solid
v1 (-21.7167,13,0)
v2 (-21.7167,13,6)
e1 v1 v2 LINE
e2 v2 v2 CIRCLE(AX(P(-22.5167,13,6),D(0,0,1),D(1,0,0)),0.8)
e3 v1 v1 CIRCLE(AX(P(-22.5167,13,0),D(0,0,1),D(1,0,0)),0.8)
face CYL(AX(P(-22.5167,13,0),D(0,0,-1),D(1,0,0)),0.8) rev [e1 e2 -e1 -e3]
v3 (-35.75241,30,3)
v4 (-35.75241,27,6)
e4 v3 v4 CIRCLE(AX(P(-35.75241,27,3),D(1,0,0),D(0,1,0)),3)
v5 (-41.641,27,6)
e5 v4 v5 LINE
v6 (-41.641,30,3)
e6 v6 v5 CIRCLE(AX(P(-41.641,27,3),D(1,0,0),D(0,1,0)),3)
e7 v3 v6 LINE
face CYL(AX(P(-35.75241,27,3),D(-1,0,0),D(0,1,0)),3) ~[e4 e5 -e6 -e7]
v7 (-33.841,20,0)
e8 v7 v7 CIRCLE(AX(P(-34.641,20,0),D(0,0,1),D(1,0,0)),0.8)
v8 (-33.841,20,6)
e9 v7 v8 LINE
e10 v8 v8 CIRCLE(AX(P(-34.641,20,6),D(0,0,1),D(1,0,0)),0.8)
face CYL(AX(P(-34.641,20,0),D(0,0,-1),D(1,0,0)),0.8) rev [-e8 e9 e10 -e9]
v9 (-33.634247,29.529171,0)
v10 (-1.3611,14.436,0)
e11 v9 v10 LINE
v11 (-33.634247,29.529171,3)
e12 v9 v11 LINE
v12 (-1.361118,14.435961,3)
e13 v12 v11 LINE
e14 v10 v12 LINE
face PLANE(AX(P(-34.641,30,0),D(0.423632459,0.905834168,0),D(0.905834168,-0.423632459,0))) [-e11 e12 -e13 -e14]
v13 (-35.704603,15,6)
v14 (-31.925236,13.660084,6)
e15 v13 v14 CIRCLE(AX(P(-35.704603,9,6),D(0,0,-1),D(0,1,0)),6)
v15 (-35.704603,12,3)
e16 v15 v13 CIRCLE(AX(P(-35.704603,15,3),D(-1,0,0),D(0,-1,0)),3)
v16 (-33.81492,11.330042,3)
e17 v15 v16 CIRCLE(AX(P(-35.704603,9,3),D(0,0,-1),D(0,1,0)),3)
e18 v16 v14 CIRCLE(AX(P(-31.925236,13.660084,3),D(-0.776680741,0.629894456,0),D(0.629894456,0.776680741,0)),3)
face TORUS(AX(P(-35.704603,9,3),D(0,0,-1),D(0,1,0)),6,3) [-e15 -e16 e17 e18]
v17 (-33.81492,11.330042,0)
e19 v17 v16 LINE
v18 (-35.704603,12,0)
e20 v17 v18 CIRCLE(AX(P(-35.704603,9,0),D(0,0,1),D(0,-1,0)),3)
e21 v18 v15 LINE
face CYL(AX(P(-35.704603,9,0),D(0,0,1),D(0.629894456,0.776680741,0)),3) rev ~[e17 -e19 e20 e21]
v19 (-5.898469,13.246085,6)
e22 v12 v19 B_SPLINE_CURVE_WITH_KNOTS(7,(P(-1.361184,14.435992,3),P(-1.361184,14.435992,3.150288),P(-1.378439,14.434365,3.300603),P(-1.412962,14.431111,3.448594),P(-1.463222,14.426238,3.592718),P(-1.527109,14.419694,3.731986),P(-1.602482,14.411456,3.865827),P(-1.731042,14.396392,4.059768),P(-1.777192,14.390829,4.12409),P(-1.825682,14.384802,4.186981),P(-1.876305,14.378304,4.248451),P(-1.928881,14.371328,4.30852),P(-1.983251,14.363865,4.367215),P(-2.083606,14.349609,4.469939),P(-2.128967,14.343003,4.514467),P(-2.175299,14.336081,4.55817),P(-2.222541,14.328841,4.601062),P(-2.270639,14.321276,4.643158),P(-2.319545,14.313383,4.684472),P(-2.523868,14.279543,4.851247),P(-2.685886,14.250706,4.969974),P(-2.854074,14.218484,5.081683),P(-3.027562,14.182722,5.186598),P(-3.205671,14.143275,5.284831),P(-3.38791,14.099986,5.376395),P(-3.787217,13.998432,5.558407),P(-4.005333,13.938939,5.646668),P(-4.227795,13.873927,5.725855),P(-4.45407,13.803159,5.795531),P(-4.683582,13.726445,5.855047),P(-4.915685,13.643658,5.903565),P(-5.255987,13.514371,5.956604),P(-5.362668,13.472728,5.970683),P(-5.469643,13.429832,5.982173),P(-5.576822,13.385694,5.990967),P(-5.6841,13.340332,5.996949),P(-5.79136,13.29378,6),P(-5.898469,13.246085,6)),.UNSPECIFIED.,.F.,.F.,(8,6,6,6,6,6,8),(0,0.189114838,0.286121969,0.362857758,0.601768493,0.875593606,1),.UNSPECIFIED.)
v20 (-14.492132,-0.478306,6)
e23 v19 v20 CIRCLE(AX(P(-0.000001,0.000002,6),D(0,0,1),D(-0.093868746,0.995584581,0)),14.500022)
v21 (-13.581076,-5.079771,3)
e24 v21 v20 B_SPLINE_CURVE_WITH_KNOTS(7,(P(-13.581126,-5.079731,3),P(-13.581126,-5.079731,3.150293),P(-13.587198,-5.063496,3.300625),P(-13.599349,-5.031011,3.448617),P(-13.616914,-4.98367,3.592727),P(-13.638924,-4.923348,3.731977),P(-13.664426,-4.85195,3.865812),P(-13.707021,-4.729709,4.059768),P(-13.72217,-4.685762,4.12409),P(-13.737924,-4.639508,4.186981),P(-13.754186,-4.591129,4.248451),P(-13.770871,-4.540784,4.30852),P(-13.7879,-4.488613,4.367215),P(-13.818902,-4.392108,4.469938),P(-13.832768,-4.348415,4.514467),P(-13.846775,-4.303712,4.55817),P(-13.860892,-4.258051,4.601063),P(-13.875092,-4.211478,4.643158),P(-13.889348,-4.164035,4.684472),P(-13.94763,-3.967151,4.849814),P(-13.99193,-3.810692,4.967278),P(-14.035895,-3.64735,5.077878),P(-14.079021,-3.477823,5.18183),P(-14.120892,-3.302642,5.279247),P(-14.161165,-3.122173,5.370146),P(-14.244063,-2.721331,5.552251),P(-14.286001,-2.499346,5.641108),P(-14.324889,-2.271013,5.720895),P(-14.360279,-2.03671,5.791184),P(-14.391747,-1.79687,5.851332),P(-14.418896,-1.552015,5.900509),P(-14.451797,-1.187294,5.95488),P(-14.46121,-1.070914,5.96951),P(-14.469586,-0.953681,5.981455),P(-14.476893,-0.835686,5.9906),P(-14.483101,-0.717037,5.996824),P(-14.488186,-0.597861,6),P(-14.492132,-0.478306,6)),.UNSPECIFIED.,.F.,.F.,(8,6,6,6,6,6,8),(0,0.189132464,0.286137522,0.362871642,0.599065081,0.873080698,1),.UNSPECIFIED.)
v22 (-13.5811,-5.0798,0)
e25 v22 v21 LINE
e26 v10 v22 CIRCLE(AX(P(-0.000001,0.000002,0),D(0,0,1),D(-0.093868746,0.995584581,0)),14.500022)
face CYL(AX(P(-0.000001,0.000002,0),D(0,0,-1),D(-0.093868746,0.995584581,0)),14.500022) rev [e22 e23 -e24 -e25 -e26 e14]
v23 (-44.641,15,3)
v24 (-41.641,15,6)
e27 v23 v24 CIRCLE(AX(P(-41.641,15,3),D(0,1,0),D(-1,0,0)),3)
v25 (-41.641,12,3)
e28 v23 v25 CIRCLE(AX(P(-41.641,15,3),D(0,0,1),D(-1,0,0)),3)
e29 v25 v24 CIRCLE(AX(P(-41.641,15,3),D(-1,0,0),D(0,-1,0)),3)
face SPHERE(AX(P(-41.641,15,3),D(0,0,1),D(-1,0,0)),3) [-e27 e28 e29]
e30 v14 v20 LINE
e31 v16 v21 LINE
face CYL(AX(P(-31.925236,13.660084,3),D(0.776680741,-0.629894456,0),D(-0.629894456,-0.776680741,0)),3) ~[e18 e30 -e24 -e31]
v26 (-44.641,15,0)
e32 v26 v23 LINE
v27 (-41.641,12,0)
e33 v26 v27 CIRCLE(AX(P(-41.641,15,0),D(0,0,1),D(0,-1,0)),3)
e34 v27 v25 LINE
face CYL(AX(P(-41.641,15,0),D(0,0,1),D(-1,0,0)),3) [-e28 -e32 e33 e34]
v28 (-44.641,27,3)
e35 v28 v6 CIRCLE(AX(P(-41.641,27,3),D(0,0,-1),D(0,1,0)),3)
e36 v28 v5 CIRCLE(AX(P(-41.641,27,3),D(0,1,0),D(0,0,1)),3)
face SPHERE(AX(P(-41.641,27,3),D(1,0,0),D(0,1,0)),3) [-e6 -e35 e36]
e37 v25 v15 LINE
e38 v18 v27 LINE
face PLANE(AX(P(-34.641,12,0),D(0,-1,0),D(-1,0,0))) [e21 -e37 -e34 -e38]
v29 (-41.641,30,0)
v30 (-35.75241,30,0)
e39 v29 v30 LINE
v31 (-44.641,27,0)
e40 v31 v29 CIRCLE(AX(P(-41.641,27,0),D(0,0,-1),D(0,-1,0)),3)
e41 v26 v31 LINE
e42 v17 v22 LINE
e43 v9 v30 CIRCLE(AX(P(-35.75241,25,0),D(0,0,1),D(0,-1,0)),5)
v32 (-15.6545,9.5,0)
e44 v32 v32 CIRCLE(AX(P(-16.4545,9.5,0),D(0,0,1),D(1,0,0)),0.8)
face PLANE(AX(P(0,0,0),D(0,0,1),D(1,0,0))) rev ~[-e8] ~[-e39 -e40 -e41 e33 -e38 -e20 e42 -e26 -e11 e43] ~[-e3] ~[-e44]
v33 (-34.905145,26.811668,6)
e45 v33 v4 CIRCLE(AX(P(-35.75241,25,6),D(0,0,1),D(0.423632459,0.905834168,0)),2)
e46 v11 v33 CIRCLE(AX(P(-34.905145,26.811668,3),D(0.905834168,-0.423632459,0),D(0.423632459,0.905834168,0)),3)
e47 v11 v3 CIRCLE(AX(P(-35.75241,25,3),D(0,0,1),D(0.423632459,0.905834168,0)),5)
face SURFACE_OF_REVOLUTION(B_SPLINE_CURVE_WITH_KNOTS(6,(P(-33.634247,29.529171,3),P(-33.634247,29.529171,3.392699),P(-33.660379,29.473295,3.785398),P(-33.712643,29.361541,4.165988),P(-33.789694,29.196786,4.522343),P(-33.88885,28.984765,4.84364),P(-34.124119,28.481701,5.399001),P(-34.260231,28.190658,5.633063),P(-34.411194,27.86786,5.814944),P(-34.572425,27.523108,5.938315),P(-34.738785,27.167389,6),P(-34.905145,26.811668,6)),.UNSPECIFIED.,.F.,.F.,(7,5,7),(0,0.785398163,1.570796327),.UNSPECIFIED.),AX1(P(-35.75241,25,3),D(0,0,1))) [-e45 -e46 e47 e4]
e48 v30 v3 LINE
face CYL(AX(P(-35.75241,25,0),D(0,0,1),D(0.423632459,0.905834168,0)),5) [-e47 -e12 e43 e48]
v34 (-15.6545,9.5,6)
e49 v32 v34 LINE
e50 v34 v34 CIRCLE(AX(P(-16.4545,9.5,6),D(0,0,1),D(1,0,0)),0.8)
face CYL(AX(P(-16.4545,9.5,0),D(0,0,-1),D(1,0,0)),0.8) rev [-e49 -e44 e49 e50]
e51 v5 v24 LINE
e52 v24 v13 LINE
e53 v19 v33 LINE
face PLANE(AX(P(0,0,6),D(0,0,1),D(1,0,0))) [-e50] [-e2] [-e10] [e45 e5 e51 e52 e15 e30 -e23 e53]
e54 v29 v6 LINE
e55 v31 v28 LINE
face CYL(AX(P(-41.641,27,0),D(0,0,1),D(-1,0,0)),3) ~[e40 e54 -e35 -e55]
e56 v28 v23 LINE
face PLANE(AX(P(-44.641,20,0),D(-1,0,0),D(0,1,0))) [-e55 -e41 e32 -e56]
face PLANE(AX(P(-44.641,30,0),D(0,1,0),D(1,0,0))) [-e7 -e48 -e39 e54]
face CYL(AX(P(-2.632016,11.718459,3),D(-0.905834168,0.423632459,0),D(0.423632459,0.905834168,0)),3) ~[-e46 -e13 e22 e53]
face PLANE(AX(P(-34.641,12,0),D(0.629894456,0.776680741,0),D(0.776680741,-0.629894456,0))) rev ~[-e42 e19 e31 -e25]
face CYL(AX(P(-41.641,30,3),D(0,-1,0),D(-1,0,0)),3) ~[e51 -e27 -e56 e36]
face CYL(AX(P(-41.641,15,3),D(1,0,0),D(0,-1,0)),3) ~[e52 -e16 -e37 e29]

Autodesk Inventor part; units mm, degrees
ref_plane "YZ Plane" through (0, 0, 0) normal (1, 0, 0) x (0, 1, 0)
ref_plane "XZ Plane" through (0, 0, 0) normal (0, 1, 0) x (-1, 0, 0)
ref_plane "XY Plane" through (0, 0, 0) normal (0, 0, 1) x (1, 0, 0)
sketch "Szkic1" plane through (0, 0, 0) normal (0, 0, 1) x (1, 0, 0)
  circle A0 centre (0, 0) radius 4
  circle A1 centre (0, 0) radius 12.5 construction
  line L0 (0, 0) -> (-34.641, 20) construction
  line L1 (-44.641, 20) -> (-84.641, 20) construction
  line L2 (-34.641, 20) -> (-34.641, 30) construction
  line L3 (-34.641, 30) -> (5.2954, 11.3229)
  line L4 (-34.641, 20) -> (-34.641, 12) construction
  line L5 (-34.641, 12) -> (-7.8737, -9.7085)
  line L6 (-84.641, 20) -> (-84.641, 30)
  line L7 (-84.641, 30) -> (-34.641, 30)
  line L8 (-34.641, 12) -> (-39.641, 12)
  line L9 (-39.641, 12) -> (-39.641, 15) construction
  line L10 (-39.641, 20) -> (-34.641, 30) construction
  line L11 (-42.641, 20) -> (-37.641, 30) construction
  arc A2 (-1.3611, 14.436) -> (-13.5811, -5.0798) centre (0, 0) ccw
  line L12 (-104.0692, 0) -> (31.9282, 0) construction
  line L13 (-20.4848, 0.5192) -> (-10.0924, 18.5194) construction
  line L14 (-39.641, 12) -> (-44.641, 12)
  line L15 (-44.641, 12) -> (-44.641, 15)
  line L16 (-44.641, 15) -> (-39.641, 15) construction
  arc A3 (-39.641, 15) -> (-44.641, 20) centre (-44.641, 15) ccw
  arc A4 (-39.641, 15) -> (-36.641, 12) centre (-36.641, 15) ccw
  circle A5 centre (-76.641, 25) radius 0.75
  circle A6 centre (-69.641, 25) radius 0.75
  line L17 (-76.641, 25) -> (-69.641, 25) construction
  circle A7 centre (-59.641, 25) radius 0.75
  circle A8 centre (-49.641, 25) radius 0.75
  line L18 (-44.641, 20) -> (-44.641, 30)
  line L19 (-44.641, 15) -> (-44.641, 20)
  circle A9 centre (-16.4545, 9.5) radius 0.8
  circle A10 centre (-22.5167, 13) radius 0.8
  circle A11 centre (-34.641, 20) radius 0.8
  dimension "d0" = 25
  dimension "d1" = 29
  dimension "d2" = 8
  dimension "d4" = 40
  dimension "d5" = 30
  dimension "d6" = 50
  dimension "d7" = 10
  dimension "d8" = 5
  dimension "d9" = 3
  dimension "d10" = 8
  dimension "d11" = 22
  dimension "d16" = 5
  dimension "d17" = 3
  dimension "d20" = 5
  dimension "d21" = 3
  dimension "d23" = 1.5
  dimension "d24" = 1.5
  dimension "d25" = 8
  dimension "d26" = 5
  dimension "d27" = 15
  dimension "d31" = 10
  dimension "d43" = 1.6
  dimension "d45" = 19
  dimension "d46" = 7
extrude "Wyciągnięcie proste3" add sketch "Szkic1" along normal blind 6 contours L3 A2 L5 L8 A4 A3 L18 L7 | A3 A4 L8 L14 L15 L19
fillet "Zaokrąglenie4" radius 5 1 edges at (-34.641, 30, 3)
fillet "Zaokrąglenie6" radius 3 2 edges at (-44.641, 12, 3) (-34.641, 12, 3)
fillet "Zaokrąglenie8" radius 3 9 edges at (-34.6675, 29.8809, 6) (-40.1967, 30, 6) (-44.641, 30, 3) (-17.4977, 21.9826, 6) (-43.7623, 12.8787, 6) (-38.6728, 12, 6) (-34.7022, 11.8276, 6) (-23.698, 3.1251, 6) (-44.641, 22.5, 6)
properties part number "palec2" material "PLA"
